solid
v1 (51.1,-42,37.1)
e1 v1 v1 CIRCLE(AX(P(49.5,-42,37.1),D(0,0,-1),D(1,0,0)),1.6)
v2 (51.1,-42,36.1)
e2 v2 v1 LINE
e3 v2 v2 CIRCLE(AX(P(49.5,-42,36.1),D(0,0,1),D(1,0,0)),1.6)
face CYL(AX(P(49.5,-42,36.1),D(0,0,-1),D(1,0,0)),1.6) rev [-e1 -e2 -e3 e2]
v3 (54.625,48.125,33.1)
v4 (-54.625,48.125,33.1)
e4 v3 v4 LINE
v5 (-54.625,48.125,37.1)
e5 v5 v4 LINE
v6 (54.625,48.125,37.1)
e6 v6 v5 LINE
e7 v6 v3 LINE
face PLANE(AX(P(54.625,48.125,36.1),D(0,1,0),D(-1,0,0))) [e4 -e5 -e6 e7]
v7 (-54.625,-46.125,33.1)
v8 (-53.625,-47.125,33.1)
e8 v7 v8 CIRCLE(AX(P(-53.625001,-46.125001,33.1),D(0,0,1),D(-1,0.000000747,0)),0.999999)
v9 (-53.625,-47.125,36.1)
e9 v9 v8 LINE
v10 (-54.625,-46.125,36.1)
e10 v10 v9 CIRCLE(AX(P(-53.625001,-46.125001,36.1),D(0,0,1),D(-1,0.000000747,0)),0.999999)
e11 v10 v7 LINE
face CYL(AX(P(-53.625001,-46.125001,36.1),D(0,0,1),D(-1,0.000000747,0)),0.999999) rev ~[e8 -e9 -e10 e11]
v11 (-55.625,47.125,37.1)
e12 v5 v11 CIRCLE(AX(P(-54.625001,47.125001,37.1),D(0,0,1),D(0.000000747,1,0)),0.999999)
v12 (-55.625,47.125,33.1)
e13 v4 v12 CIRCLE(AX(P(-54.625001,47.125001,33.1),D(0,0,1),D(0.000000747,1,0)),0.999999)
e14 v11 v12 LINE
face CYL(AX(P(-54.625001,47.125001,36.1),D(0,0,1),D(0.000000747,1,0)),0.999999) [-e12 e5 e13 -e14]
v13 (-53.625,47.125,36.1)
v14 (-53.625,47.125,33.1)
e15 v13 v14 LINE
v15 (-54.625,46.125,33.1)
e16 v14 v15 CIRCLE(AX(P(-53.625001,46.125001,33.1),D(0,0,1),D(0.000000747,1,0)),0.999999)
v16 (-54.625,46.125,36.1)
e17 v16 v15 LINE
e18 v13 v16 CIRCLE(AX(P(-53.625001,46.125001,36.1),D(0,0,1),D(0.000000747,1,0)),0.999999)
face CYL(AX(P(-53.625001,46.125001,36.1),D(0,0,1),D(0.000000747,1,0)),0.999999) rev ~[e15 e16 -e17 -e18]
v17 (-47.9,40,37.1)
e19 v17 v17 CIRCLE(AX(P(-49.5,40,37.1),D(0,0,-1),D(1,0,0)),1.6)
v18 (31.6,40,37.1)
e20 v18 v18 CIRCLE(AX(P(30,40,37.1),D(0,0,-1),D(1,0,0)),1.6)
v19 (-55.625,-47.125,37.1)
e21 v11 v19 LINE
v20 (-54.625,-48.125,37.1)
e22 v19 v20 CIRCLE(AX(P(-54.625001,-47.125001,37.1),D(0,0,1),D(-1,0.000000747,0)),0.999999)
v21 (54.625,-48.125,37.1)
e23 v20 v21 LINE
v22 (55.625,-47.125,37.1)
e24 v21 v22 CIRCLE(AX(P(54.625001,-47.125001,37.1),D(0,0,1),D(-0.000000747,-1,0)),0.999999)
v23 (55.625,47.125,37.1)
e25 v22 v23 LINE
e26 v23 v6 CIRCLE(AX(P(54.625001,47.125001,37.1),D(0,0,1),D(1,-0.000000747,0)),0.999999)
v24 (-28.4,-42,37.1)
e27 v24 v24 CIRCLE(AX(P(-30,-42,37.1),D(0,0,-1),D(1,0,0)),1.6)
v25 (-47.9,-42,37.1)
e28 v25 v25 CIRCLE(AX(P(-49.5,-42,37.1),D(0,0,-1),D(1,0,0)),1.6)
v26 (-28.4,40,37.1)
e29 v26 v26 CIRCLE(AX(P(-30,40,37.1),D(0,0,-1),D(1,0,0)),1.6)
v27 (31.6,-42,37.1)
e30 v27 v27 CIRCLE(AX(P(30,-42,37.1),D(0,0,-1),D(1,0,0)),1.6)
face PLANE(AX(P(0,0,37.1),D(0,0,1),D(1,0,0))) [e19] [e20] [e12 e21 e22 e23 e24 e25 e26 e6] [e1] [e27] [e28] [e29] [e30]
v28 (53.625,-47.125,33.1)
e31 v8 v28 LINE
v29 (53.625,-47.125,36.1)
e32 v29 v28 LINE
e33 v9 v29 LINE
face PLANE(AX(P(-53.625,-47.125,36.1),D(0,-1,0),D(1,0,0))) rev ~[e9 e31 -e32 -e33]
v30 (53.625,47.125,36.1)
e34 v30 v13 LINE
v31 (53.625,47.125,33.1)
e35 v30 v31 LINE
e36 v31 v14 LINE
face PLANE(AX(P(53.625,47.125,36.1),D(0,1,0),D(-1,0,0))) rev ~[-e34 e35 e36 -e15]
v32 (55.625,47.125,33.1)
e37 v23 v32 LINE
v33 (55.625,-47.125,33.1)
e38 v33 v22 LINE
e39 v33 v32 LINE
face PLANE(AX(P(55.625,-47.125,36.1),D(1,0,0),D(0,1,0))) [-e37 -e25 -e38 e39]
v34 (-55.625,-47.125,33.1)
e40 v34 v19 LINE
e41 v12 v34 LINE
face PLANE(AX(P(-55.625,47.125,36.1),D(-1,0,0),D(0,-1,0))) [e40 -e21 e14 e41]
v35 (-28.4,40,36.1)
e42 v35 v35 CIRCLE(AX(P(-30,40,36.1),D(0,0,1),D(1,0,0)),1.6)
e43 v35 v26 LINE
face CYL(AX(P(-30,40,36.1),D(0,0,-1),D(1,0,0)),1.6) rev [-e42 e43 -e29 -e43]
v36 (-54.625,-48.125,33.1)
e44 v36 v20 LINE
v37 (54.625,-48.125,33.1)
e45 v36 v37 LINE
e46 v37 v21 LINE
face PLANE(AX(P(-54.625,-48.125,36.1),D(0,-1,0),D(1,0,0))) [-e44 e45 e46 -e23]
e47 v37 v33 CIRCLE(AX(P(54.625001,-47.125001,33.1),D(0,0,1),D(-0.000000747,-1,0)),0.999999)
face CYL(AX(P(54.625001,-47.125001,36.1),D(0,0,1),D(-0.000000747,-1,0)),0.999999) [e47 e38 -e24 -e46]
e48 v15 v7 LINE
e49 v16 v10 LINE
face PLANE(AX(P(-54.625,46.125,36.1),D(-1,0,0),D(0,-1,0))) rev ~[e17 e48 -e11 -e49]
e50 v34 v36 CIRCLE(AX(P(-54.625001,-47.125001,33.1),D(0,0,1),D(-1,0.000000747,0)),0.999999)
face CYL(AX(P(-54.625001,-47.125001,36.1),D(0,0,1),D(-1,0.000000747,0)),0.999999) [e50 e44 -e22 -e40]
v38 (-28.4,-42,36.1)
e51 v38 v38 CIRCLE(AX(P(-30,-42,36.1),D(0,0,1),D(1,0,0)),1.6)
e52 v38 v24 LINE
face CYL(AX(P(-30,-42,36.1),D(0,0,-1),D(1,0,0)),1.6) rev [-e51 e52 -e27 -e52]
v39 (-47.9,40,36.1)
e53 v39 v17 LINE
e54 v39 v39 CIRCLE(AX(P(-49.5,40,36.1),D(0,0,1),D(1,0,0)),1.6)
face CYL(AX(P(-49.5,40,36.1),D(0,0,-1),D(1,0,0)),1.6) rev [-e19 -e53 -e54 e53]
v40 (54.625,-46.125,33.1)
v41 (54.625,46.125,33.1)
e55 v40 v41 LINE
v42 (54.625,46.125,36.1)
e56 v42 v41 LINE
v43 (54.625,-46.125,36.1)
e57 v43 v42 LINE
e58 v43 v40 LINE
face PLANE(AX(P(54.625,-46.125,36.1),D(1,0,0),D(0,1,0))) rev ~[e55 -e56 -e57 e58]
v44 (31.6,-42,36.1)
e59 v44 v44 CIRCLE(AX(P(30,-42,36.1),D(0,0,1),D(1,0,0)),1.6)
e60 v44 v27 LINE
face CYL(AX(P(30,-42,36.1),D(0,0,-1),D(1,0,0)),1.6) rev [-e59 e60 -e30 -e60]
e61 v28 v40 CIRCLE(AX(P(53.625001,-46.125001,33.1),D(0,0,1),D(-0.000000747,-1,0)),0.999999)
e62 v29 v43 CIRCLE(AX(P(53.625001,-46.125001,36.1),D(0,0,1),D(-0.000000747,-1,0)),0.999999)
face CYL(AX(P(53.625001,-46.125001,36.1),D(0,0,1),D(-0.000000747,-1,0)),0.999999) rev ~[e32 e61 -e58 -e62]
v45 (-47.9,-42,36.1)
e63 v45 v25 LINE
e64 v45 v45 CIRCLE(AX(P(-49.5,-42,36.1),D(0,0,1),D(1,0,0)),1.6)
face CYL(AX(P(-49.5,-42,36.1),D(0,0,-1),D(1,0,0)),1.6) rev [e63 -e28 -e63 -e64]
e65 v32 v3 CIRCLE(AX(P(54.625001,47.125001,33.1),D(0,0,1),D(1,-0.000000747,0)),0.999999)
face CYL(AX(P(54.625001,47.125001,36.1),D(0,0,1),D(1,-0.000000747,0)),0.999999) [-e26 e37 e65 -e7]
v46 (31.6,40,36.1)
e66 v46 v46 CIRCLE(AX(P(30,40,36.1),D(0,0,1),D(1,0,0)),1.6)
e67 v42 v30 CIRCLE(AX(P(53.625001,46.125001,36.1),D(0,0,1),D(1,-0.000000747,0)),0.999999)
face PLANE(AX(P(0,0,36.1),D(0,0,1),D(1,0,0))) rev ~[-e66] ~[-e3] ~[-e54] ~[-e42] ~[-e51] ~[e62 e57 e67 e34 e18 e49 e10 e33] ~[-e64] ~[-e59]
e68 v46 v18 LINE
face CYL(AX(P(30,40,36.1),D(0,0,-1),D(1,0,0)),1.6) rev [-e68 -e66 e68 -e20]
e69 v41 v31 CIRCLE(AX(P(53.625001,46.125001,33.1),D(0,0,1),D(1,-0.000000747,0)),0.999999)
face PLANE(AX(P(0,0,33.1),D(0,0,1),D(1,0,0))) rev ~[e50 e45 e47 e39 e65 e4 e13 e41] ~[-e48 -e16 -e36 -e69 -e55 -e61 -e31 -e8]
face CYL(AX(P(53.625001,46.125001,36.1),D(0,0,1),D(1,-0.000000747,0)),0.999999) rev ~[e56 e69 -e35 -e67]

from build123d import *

# Parameters (mm, degrees)
PAD030_DEPTH    = 1
PAD031_DEPTH    = 3
SKETCH049_R     = 1.6
POCKET019_DEPTH = 5


with BuildPart() as part:
    # Sketch047 → Pad030 (new body)
    with BuildSketch(Plane.XY):
        with BuildLine():
            Line((-55.625, 47.125), (-55.625, -47.125))
            ThreePointArc((-55.625, -47.125), (-55.332107, -47.832107), (-54.625, -48.125))
            Line((-54.625, -48.125), (54.625, -48.125))
            ThreePointArc((54.625, -48.125), (55.332107, -47.832107), (55.625, -47.125))
            Line((55.625, -47.125), (55.625, 47.125))
            ThreePointArc((55.625, 47.125), (55.332107, 47.832107), (54.625, 48.125))
            Line((54.625, 48.125), (-54.625, 48.125))
            ThreePointArc((-54.625, 48.125), (-55.332107, 47.832107), (-55.625, 47.125))
        make_face()
    extrude(amount=PAD030_DEPTH)

    # Sketch048 → Pad031 (join)
    with BuildSketch(Plane.XY):
        with BuildLine():
            Line((-55.625, 47.125), (-55.625, -47.125))
            ThreePointArc((-55.625, -47.125), (-55.332107, -47.832107), (-54.625, -48.125))
            Line((-54.625, -48.125), (54.625, -48.125))
            ThreePointArc((54.625, -48.125), (55.332107, -47.832107), (55.625, -47.125))
            Line((55.625, -47.125), (55.625, 47.125))
            ThreePointArc((55.625, 47.125), (55.332107, 47.832107), (54.625, 48.125))
            Line((54.625, 48.125), (-54.625, 48.125))
            ThreePointArc((-54.625, 48.125), (-55.332107, 47.832107), (-55.625, 47.125))
        make_face()
        with BuildLine():
            Line((-54.625, 46.125), (-54.625, -46.125))
            ThreePointArc((-54.625, -46.125), (-54.332107, -46.832107), (-53.625, -47.125))
            Line((-53.625, -47.125), (53.625, -47.125))
            ThreePointArc((53.625, -47.125), (54.332107, -46.832107), (54.625, -46.125))
            Line((54.625, -46.125), (54.625, 46.125))
            ThreePointArc((54.625, 46.125), (54.332107, 46.832107), (53.625, 47.125))
            Line((53.625, 47.125), (-53.625, 47.125))
            ThreePointArc((-53.625, 47.125), (-54.332107, 46.832107), (-54.625, 46.125))
        make_face(mode=Mode.SUBTRACT)
    extrude(amount=-PAD031_DEPTH)

    # Sketch049 → Pocket019 (cut)
    with BuildSketch(Plane.XY):
        with Locations((-49.5, 40)):
            Circle(SKETCH049_R)
        with Locations((-30, 40)):
            Circle(SKETCH049_R)
        with Locations((30, 40)):
            Circle(SKETCH049_R)
        with Locations((-30, -42)):
            Circle(SKETCH049_R)
        with Locations((-49.5, -42)):
            Circle(SKETCH049_R)
        with Locations((30, -42)):
            Circle(SKETCH049_R)
        with Locations((49.5, -42)):
            Circle(SKETCH049_R)
    extrude(amount=POCKET019_DEPTH, mode=Mode.SUBTRACT)


with BuildPart() as part_1:
    # Body013 placement: moved
    add(part.part.moved(Location((0, 0, 36.1))))


solid = part_1.part
